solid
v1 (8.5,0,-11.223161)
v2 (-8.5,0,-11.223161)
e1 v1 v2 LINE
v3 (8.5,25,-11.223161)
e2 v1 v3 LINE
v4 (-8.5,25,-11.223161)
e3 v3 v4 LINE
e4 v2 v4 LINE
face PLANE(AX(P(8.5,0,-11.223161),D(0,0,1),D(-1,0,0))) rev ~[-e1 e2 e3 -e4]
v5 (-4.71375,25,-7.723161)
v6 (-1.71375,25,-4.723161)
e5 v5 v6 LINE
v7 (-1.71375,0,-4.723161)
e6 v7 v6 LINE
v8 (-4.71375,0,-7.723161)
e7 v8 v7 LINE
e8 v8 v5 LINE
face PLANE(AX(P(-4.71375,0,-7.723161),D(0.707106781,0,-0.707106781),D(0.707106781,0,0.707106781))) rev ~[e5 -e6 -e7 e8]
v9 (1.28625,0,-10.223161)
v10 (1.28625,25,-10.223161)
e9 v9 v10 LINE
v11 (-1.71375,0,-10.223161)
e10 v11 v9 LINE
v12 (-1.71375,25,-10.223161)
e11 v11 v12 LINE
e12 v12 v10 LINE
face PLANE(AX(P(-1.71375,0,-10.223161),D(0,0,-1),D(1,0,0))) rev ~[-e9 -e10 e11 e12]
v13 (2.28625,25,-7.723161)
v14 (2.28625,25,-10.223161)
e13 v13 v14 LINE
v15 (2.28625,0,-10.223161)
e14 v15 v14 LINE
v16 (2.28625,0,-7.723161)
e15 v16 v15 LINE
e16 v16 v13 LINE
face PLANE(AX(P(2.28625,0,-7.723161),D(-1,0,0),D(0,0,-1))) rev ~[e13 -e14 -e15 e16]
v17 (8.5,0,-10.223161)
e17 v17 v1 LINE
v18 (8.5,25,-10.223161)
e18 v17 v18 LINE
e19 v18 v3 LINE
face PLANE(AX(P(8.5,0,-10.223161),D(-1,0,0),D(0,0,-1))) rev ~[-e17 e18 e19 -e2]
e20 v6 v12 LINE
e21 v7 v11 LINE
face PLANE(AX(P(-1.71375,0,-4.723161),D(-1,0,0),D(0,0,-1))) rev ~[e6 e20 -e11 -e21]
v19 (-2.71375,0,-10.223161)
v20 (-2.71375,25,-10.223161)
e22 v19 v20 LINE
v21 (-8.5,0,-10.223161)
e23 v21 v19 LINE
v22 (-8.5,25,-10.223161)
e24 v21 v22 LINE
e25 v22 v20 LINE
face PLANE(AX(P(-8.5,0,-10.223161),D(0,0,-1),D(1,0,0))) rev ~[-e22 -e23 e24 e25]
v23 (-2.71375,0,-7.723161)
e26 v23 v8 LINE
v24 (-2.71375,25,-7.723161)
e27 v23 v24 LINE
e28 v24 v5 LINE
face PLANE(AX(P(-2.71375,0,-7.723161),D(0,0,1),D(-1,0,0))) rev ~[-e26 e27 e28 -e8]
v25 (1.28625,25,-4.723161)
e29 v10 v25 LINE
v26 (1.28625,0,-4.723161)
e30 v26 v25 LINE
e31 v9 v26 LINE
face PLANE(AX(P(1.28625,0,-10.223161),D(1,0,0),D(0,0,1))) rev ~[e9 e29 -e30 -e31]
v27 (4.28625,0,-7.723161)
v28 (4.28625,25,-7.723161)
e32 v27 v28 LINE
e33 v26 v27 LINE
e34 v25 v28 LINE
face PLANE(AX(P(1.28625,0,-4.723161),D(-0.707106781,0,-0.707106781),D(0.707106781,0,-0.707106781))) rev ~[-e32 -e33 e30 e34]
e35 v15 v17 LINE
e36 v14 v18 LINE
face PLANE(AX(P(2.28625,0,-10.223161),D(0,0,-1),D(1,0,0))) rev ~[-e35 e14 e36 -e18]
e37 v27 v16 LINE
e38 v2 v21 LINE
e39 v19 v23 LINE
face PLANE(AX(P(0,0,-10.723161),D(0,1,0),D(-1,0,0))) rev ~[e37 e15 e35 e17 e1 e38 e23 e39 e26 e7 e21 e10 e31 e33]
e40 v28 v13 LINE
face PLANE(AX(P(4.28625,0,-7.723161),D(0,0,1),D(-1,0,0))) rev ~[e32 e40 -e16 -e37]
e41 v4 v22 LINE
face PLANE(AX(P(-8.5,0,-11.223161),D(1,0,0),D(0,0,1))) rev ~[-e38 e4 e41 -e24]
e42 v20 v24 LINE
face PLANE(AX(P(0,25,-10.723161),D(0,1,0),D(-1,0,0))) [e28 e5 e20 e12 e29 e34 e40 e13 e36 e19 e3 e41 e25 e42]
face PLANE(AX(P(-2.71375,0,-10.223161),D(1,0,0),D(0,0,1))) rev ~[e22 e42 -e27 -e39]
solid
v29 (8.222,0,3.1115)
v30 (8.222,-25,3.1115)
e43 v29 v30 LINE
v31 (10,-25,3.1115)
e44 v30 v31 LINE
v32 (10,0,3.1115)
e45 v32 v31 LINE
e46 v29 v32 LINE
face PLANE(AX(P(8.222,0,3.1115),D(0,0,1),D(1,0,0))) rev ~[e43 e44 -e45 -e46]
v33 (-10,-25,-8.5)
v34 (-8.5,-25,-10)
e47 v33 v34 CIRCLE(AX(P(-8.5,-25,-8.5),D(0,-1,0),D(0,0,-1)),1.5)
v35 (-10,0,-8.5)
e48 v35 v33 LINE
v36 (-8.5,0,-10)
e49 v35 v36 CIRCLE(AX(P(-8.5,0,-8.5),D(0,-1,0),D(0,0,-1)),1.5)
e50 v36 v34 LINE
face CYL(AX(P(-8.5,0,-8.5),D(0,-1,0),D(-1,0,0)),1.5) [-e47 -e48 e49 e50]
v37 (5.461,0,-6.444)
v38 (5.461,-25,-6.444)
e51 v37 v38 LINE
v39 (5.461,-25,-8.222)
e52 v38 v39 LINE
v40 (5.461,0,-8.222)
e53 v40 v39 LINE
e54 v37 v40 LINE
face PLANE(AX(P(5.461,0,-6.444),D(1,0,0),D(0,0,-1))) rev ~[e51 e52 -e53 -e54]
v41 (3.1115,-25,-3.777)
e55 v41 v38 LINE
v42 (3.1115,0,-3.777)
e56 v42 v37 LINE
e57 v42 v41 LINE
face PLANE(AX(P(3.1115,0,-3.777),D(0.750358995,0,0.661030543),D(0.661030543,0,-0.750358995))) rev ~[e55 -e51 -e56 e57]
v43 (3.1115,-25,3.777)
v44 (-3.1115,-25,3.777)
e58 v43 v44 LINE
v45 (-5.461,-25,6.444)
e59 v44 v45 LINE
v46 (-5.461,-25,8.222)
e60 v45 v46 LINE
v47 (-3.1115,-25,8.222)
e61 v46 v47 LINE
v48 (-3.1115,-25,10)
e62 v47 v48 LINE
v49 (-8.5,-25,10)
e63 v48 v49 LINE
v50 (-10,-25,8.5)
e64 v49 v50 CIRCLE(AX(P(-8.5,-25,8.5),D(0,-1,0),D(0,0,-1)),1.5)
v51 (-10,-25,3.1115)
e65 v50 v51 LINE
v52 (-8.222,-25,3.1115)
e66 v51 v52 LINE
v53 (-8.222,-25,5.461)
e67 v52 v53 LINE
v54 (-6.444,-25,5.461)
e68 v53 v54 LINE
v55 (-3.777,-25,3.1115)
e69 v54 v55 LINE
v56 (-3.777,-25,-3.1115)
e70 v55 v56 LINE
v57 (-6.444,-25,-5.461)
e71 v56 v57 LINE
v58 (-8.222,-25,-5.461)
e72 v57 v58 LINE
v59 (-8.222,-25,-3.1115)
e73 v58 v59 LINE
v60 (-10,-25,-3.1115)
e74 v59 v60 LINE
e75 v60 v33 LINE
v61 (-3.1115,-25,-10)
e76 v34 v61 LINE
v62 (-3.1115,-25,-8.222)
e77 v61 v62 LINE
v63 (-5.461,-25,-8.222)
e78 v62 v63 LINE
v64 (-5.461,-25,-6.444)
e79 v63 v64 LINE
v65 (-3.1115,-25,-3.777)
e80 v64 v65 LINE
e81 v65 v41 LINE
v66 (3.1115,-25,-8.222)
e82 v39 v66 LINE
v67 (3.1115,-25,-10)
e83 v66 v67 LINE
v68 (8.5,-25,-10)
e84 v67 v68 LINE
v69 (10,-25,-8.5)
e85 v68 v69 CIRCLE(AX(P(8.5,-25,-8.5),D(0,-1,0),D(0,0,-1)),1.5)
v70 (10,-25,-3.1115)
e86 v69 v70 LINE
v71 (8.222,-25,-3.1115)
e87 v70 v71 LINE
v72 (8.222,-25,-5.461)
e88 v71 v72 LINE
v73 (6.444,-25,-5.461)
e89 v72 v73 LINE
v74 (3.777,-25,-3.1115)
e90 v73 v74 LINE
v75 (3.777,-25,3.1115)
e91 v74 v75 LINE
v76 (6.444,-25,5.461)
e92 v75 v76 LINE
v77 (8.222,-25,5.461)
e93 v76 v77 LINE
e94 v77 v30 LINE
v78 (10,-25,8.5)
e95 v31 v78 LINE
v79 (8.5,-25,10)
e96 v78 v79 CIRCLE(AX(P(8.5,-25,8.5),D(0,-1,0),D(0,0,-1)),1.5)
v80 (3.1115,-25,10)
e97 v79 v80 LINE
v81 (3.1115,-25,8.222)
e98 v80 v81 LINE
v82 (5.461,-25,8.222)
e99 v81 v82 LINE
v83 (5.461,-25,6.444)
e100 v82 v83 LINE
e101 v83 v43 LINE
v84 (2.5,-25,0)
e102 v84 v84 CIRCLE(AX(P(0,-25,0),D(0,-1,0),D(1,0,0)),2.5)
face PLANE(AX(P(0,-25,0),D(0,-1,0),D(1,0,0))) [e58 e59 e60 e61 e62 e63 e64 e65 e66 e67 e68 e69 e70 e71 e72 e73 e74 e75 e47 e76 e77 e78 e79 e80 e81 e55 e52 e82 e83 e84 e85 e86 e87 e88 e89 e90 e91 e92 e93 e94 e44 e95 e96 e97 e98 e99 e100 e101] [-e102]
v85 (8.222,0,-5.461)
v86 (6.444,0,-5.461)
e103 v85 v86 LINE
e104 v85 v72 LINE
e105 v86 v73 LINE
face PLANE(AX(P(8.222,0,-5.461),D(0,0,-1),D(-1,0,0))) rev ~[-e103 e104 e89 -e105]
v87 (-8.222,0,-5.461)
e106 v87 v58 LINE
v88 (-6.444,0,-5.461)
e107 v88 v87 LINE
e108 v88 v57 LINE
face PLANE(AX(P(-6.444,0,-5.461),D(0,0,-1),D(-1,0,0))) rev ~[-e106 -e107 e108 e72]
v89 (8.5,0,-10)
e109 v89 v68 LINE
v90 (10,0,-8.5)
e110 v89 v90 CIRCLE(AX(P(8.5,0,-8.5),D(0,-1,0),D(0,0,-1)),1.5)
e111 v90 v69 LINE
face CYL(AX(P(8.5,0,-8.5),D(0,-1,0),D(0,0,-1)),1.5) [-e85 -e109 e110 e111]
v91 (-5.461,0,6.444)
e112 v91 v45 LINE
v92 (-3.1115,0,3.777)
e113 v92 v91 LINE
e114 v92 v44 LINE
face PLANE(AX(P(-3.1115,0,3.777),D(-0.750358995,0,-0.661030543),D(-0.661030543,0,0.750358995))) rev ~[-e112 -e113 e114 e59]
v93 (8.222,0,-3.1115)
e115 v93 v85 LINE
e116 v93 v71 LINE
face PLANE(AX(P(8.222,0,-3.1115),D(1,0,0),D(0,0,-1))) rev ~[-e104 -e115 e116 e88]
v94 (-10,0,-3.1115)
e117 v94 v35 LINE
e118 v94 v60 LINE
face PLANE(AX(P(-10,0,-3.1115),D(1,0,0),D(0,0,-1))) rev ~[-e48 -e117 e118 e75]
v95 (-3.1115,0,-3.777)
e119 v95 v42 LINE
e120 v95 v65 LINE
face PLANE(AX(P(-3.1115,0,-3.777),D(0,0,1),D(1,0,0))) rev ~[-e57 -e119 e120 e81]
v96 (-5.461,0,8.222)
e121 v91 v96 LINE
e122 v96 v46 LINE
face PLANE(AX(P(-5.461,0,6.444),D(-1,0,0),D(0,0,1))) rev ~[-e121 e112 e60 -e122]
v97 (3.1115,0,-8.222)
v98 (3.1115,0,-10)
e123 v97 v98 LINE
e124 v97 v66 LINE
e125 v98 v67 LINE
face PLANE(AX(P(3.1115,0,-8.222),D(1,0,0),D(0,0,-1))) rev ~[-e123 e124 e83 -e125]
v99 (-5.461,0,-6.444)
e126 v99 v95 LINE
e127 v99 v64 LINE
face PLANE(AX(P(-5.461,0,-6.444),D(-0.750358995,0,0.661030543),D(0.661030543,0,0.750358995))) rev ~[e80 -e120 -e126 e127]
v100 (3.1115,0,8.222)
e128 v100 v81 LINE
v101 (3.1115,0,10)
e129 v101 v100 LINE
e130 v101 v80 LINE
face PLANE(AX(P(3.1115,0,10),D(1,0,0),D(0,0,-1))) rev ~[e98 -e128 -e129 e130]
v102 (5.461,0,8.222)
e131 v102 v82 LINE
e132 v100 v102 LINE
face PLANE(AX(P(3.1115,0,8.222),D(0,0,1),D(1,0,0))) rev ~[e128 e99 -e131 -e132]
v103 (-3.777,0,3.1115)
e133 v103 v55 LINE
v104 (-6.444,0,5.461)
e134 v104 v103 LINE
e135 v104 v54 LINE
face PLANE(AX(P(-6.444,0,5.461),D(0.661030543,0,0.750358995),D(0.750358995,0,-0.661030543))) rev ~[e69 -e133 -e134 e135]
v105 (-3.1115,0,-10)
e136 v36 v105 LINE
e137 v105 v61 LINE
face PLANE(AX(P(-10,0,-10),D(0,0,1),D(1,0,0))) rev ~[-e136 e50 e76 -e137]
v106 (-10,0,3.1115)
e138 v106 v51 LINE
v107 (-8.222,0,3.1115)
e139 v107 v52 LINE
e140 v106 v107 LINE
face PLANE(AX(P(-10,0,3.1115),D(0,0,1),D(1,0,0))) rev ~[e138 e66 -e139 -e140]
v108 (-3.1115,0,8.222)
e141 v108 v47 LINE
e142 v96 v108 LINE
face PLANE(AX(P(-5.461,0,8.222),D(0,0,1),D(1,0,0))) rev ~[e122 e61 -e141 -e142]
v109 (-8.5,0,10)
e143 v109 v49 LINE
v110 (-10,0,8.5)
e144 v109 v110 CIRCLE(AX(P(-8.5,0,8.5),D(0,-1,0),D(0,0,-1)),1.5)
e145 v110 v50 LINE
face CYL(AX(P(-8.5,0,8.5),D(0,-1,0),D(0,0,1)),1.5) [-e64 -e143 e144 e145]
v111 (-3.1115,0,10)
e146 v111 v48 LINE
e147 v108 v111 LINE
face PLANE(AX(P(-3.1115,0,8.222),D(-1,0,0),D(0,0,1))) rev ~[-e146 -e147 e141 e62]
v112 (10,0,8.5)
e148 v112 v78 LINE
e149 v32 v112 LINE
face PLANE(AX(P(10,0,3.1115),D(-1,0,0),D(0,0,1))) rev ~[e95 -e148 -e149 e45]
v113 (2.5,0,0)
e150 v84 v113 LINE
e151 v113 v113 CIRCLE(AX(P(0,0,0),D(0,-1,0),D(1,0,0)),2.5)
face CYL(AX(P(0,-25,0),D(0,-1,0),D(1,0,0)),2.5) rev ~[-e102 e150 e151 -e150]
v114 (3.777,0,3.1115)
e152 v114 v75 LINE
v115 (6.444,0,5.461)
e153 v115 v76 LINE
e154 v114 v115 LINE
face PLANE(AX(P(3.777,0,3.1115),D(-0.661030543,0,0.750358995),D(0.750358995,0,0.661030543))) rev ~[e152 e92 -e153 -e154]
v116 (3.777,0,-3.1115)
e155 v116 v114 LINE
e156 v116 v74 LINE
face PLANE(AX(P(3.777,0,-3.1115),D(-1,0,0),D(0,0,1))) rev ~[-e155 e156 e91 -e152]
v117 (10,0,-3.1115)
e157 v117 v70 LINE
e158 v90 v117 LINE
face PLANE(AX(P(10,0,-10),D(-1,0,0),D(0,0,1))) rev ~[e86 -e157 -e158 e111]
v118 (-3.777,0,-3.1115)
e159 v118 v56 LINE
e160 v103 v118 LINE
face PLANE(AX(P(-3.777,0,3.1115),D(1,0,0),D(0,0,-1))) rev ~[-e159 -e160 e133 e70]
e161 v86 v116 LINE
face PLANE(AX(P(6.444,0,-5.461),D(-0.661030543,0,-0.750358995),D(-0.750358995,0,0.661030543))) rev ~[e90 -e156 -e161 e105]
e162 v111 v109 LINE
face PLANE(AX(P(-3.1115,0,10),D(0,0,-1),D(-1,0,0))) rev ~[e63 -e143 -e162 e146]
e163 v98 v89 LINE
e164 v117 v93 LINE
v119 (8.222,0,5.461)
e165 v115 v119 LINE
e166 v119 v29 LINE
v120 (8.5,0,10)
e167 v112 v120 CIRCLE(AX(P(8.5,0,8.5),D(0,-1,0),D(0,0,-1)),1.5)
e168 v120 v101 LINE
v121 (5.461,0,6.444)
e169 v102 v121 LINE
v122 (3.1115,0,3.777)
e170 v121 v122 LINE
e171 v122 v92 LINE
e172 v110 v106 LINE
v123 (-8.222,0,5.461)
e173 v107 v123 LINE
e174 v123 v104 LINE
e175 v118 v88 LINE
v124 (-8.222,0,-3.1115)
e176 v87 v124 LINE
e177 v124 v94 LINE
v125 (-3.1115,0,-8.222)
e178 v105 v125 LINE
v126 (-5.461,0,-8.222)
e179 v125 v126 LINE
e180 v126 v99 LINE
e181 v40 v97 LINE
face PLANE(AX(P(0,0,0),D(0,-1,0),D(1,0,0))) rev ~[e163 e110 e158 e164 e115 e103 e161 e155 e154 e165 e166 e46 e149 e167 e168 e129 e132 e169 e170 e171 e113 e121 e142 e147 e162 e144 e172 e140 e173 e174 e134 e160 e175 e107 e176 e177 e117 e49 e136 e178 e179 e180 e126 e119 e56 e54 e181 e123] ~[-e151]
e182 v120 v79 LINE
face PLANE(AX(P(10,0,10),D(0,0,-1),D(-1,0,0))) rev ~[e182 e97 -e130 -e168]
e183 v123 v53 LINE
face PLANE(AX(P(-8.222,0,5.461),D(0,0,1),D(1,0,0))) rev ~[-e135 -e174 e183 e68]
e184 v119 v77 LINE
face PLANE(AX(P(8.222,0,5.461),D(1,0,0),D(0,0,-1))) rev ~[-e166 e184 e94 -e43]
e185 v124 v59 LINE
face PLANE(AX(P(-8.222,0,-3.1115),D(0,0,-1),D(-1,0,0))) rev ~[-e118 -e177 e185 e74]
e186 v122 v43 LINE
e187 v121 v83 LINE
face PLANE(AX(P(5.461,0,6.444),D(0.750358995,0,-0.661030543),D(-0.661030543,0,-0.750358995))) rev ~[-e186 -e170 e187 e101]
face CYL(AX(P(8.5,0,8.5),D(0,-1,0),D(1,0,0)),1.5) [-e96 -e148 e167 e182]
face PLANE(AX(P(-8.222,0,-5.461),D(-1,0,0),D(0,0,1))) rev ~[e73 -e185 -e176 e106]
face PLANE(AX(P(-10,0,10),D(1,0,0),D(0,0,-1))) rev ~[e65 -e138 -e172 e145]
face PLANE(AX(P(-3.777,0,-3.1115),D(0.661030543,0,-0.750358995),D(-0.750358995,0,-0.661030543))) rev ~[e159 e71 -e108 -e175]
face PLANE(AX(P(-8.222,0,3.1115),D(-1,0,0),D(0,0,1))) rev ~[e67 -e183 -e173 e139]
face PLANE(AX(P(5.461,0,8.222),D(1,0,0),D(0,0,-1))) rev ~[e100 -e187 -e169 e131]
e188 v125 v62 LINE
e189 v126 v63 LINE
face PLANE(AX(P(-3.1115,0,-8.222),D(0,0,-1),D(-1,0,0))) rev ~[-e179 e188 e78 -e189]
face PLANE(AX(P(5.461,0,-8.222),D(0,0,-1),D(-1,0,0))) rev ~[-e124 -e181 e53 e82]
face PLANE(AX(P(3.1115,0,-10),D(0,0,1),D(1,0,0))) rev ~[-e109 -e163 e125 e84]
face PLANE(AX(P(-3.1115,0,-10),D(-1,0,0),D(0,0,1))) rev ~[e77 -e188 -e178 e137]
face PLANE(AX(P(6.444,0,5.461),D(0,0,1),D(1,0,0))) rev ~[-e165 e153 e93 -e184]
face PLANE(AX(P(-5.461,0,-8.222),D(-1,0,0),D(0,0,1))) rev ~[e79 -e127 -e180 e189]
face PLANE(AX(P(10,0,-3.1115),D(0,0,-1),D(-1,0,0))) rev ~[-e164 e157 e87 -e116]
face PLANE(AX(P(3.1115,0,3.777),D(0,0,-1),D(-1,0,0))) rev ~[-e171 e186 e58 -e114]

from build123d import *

# Parameters (mm, degrees)
F1_DEPTH = 25
F2_R     = 1.5
F3_R     = 2.5
F4_DEPTH = 25
F6_DEPTH = 25


with BuildPart() as f1:
    # F0 (on Front) → F1 (new body)
    with BuildSketch(Plane.XZ):
        Polygon((10, 3.1115), (10, 10), (3.1115, 10), (3.1115, 8.222), (5.461, 8.222), (5.461, 6.444), (3.1115, 3.777), (0, 3.777), (-3.1115, 3.777), (-5.461, 6.444), (-5.461, 8.222), (-3.1115, 8.222), (-3.1115, 10), (-10, 10), (-10, 3.1115), (-8.222, 3.1115), (-8.222, 5.461), (-6.444, 5.461), (-3.777, 3.1115), (-3.777, 0), (-3.777, -3.1115), (-6.444, -5.461), (-8.222, -5.461), (-8.222, -3.1115), (-10, -3.1115), (-10, -10), (-3.1115, -10), (-3.1115, -8.222), (-5.461, -8.222), (-5.461, -6.444), (-3.1115, -3.777), (0, -3.777), (3.1115, -3.777), (5.461, -6.444), (5.461, -8.222), (3.1115, -8.222), (3.1115, -10), (10, -10), (10, -3.1115), (8.222, -3.1115), (8.222, -5.461), (6.444, -5.461), (3.777, -3.1115), (3.777, 0), (3.777, 3.1115), (6.444, 5.461), (8.222, 5.461), (8.222, 3.1115), align=None)
    extrude(amount=F1_DEPTH)

    # F2
    f2_edges = [f1.edges().sort_by_distance(p)[0] for p in [
        (-10, -12.5, 10),
        (10, -12.5, 10),
        (10, -12.5, -10),
        (-10, -12.5, -10),
    ]]
    fillet(f2_edges, radius=F2_R)

    # F3 (on face) → F4 (cut, through all)
    with BuildSketch(Plane.XZ.offset(25)):
        Circle(F3_R)
    extrude(amount=-F4_DEPTH, mode=Mode.SUBTRACT)


with BuildPart() as f6:
    # F5 (on face) → F6 (new body)
    with BuildSketch(Plane(origin=(0, 0, 0), x_dir=(-1, 0, 0), z_dir=(0, 1, 0))):
        Polygon((8.5, -11.223161), (8.5, -10.223161), (2.71375, -10.223161), (1.71375, -10.223161), (-1.28625, -10.223161), (-2.28625, -10.223161), (-8.5, -10.223161), (-8.5, -11.223161), align=None)
        Polygon((1.71375, -10.223161), (2.71375, -10.223161), (2.71375, -7.723161), (2.71375, -6.723161), (1.71375, -6.723161), align=None)
        Polygon((-2.28625, -10.223161), (-1.28625, -10.223161), (-1.28625, -6.723161), (-2.28625, -6.723161), (-2.28625, -7.723161), align=None)
        Polygon((-2.28625, -6.723161), (-1.28625, -6.723161), (-1.28625, -4.723161), (-4.28625, -7.723161), (-2.28625, -7.723161), align=None)
        Polygon((2.71375, -6.723161), (2.71375, -7.723161), (4.71375, -7.723161), (1.71375, -4.723161), (1.71375, -6.723161), align=None)
    extrude(amount=F6_DEPTH)


solid = Compound([f1.part, f6.part])
